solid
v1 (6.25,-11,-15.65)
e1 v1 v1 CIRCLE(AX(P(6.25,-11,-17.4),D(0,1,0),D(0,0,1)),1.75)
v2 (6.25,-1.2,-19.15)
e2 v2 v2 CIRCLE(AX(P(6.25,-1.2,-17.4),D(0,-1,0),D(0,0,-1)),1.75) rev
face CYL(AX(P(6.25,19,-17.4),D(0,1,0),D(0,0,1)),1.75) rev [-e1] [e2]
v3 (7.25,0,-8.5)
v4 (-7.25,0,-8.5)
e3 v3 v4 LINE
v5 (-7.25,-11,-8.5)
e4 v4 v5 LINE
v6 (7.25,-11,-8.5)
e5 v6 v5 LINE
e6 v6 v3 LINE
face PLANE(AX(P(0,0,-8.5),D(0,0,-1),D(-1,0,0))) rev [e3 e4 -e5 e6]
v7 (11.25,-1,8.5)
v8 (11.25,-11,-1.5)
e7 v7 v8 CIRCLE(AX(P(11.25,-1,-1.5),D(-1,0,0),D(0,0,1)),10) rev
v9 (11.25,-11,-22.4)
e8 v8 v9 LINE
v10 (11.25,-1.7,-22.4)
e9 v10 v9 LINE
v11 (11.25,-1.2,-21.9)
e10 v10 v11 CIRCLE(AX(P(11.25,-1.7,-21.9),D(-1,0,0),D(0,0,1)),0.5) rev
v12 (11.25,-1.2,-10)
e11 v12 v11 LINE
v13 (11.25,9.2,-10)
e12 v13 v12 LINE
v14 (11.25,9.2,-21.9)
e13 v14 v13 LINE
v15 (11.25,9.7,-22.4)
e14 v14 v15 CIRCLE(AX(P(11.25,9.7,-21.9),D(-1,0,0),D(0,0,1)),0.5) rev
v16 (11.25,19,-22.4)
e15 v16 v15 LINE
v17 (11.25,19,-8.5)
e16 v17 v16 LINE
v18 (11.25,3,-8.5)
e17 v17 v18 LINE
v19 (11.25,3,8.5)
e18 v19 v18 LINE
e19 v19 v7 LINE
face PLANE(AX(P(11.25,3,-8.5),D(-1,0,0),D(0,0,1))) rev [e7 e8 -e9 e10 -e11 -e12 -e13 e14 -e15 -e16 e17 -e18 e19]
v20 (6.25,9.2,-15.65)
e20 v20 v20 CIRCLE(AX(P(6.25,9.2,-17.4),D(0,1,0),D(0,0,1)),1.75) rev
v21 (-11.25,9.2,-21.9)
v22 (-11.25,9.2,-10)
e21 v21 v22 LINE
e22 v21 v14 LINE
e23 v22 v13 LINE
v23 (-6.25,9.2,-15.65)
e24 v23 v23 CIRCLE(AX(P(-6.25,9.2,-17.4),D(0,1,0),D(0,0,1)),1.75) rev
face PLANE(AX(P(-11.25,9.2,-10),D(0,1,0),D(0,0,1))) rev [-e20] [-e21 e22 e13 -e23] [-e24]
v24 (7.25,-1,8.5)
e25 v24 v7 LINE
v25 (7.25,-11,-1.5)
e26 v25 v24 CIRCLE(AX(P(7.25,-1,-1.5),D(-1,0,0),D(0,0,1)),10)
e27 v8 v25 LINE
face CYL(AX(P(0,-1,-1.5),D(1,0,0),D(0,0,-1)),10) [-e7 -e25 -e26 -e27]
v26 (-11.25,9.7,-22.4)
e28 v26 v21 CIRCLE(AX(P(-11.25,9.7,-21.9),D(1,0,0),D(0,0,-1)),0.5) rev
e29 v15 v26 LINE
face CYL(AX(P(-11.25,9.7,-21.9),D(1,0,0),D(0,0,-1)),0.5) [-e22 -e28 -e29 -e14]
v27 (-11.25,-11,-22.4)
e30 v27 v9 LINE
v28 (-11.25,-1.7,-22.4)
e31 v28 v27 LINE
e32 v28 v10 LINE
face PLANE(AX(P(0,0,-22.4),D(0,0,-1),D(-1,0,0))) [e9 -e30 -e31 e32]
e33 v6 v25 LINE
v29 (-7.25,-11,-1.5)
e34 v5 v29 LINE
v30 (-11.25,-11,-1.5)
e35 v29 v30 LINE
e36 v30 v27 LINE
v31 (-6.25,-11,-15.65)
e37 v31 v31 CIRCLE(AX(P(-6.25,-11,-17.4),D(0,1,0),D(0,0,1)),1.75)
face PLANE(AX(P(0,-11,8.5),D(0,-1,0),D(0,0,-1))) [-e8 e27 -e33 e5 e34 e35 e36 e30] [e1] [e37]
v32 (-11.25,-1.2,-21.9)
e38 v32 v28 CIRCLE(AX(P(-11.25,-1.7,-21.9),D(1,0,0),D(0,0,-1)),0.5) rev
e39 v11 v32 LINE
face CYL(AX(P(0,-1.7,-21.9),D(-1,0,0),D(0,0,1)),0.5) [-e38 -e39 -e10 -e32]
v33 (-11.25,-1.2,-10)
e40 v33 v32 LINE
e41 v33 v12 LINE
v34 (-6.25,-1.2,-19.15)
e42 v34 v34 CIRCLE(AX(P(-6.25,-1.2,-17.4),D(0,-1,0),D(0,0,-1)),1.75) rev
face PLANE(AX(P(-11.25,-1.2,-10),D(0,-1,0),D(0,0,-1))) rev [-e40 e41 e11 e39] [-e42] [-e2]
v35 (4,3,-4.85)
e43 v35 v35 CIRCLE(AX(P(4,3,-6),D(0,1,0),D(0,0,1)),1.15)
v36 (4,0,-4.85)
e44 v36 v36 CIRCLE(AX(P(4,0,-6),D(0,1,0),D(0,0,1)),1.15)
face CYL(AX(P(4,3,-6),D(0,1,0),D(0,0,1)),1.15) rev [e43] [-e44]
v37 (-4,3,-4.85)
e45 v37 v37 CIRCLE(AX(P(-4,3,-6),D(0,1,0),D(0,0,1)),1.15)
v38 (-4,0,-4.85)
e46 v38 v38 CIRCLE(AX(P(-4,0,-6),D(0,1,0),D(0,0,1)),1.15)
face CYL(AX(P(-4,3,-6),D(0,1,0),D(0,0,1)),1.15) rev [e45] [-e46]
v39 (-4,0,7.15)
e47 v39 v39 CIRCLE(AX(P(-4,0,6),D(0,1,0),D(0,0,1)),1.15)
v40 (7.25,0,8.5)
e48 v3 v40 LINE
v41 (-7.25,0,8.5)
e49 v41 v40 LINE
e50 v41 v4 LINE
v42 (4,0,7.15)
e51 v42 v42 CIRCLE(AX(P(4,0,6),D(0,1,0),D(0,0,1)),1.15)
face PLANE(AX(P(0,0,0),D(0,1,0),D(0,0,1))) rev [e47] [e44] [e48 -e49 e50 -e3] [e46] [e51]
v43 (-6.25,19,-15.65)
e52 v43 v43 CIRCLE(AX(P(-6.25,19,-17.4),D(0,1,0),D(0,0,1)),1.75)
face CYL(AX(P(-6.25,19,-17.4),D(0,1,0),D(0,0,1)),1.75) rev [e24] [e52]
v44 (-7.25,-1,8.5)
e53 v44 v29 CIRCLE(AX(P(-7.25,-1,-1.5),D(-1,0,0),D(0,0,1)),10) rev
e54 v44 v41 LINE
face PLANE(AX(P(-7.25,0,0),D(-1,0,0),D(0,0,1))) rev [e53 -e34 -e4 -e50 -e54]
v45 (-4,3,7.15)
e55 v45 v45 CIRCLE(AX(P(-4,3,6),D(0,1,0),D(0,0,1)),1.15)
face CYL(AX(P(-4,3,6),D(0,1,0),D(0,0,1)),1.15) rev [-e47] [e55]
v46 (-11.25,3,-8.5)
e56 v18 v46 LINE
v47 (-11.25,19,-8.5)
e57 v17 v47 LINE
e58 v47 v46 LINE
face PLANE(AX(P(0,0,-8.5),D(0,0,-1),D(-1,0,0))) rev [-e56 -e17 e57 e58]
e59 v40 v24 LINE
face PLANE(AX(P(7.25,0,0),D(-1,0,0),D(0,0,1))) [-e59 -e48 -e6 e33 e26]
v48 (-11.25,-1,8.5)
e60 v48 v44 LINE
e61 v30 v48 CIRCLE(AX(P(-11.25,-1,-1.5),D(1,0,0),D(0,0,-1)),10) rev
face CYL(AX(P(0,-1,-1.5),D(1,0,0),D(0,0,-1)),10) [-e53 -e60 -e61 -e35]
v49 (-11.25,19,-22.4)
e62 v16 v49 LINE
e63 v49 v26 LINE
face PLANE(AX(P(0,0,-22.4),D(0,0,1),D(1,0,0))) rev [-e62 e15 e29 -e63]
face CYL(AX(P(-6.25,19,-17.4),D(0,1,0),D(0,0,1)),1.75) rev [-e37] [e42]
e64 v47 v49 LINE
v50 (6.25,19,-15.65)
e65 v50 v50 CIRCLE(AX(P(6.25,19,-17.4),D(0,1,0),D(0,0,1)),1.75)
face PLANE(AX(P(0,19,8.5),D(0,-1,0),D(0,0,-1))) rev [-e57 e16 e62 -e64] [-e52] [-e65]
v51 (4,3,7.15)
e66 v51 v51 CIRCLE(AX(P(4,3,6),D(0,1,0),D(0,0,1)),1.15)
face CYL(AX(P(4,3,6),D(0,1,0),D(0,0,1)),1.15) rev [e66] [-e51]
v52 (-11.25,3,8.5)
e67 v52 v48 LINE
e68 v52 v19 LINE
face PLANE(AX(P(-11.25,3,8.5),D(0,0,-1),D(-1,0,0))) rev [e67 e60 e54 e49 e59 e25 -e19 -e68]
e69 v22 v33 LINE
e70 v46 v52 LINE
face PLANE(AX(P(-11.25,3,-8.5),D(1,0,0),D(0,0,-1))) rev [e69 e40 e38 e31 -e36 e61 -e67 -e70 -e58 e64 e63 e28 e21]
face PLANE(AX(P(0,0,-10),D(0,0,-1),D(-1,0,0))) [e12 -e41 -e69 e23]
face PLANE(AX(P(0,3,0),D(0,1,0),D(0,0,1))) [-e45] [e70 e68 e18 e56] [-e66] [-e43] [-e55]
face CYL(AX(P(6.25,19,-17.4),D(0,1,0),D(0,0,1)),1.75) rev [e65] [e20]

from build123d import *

# Parameters (mm, degrees)
SKETCH_1_W          = 22.5
SKETCH_1_H          = 17
EXTRUDE_1_DEPTH     = 3
HOLE_WIZARD_1_D     = 2.3
SKETCH_5_W          = 22.5
SKETCH_5_H          = 4
SKETCH_5_H_2        = 3
EXTRUDE_2_DEPTH     = 1.5
SKETCH_8_W          = 22.5
SKETCH_8_H          = 10
EXTRUDE_3_DEPTH     = 1.5
SKETCH_9_W          = 17
SKETCH_9_H          = 14
EXTRUDE_4_DEPTH     = 4
SKETCH_10_W         = 17
SKETCH_10_H         = 14
EXTRUDE_5_DEPTH     = 4
SKETCH_11_W         = 22.5
SKETCH_11_H         = 11
EXTRUDE_6_DEPTH     = 1.5
HOLE_WIZARD_3_D     = 3.3
SKETCH_18_W         = 22.5
SKETCH_18_H         = 10
EXTRUDE_7_DEPTH     = 2.4
SKETCH_21_W         = 22.5
SKETCH_21_H         = 3
EXTRUDE_8_DEPTH     = 2.4
SKETCH_22_W         = 22.5
SKETCH_22_H         = 8
EXTRUDE_9_DEPTH     = 2.4
SKETCH_25_W         = 22.5
SKETCH_25_H         = 8
SKETCH_25_H_2       = 3
CUT_EXTRUDE_1_DEPTH = 36.949582751
SKETCH_26_W         = 22.5
SKETCH_26_H         = 10
EXTRUDE_10_DEPTH    = 10
FILLET_1_R          = 10
HOLE_WIZARD_4_D     = 3.5
SKETCH_30_W         = 12.4
SKETCH_30_H         = 0.2
CUT_EXTRUDE_2_DEPTH = 38.000135135
FILLET_3_R          = 0.5


with BuildPart() as part:
    # 草图1 → 凸台-拉伸1 (new body)
    with BuildSketch(Plane(origin=(0, 0, 0), x_dir=(1, 0, 0), z_dir=(0, 1, 0))):
        Rectangle(SKETCH_1_W, SKETCH_1_H)
    extrude(amount=EXTRUDE_1_DEPTH)

    # 孔1 (through all)
    with Locations(Plane(origin=(0, 3, 0), x_dir=(1, 0, 0), z_dir=(0, 1, 0))):
        with Locations((-4, 6), (4, 6), (-4, -6), (4, -6)):
            Hole(HOLE_WIZARD_1_D / 2)

    # 草图5 → 凸台-拉伸2 (add)
    with BuildSketch(Plane(origin=(0, 0, -8.5), x_dir=(-1, 0, 0), z_dir=(0, 0, -1))):
        with Locations((0, -2)):
            Rectangle(SKETCH_5_W, SKETCH_5_H)
        with Locations((0, 1.5)):
            Rectangle(SKETCH_5_W, SKETCH_5_H_2)
        with Locations((0, 4.5)):
            Rectangle(SKETCH_5_W, SKETCH_5_H_2)
    extrude(amount=EXTRUDE_2_DEPTH)

    # 草图8 → 凸台-拉伸3 (add)
    with BuildSketch(Plane(origin=(0, 0, -10), x_dir=(-1, 0, 0), z_dir=(0, 0, -1))):
        with Locations((0, -9)):
            Rectangle(SKETCH_8_W, SKETCH_8_H)
        with Locations((0, 11)):
            Rectangle(SKETCH_8_W, SKETCH_8_H)
    extrude(amount=-EXTRUDE_3_DEPTH)

    # 草图9 → 凸台-拉伸4 (add)
    with BuildSketch(Plane.ZY.offset(11.25)):
        with Locations((0, -7)):
            Rectangle(SKETCH_9_W, SKETCH_9_H)
    extrude(amount=-EXTRUDE_4_DEPTH)

    # 草图10 → 凸台-拉伸5 (add)
    with BuildSketch(Plane(origin=(11.25, 0, 0), x_dir=(0, 0, -1), z_dir=(1, 0, 0))):
        with Locations((0, -7)):
            Rectangle(SKETCH_10_W, SKETCH_10_H)
    extrude(amount=-EXTRUDE_5_DEPTH)

    # 草图11 → 凸台-拉伸6 (add)
    with BuildSketch(Plane(origin=(0, 0, -10), x_dir=(-1, 0, 0), z_dir=(0, 0, -1))):
        with Locations((0, 21.5)):
            Rectangle(SKETCH_11_W, SKETCH_11_H)
    extrude(amount=-EXTRUDE_6_DEPTH)

    # 孔3 (through all)
    with Locations(Plane(origin=(0, 0, -10), x_dir=(-1, 0, 0), z_dir=(0, 0, -1))):
        with Locations((-7.25, 22), (7.25, 22)):
            Hole(HOLE_WIZARD_3_D / 2)

    # 草图18 → 凸台-拉伸7 (add)
    with BuildSketch(Plane(origin=(0, 0, -10), x_dir=(-1, 0, 0), z_dir=(0, 0, -1))):
        with Locations((0, -9)):
            Rectangle(SKETCH_18_W, SKETCH_18_H)
        with Locations((0, 22)):
            Rectangle(SKETCH_18_W, SKETCH_18_H)
    extrude(amount=EXTRUDE_7_DEPTH)

    # 草图21 → 凸台-拉伸8 (add)
    with BuildSketch(Plane(origin=(0, 0, -10), x_dir=(-1, 0, 0), z_dir=(0, 0, -1))):
        with Locations((0, -2.5)):
            Rectangle(SKETCH_21_W, SKETCH_21_H)
    extrude(amount=EXTRUDE_8_DEPTH)

    # 草图22 → 凸台-拉伸9 (add)
    with BuildSketch(Plane(origin=(0, 0, -10), x_dir=(-1, 0, 0), z_dir=(0, 0, -1))):
        with Locations((0, 13)):
            Rectangle(SKETCH_22_W, SKETCH_22_H)
    extrude(amount=EXTRUDE_9_DEPTH)

    # 草图25 → 切除-拉伸1 (cut, through all)
    with BuildSketch(Plane(origin=(0, 0, -12.4), x_dir=(-1, 0, 0), z_dir=(0, 0, -1))):
        with Locations((0, 23)):
            Rectangle(SKETCH_25_W, SKETCH_25_H)
        with Locations((0, -12.5)):
            Rectangle(SKETCH_25_W, SKETCH_25_H_2)
    extrude(amount=-CUT_EXTRUDE_1_DEPTH, mode=Mode.SUBTRACT)

    # 草图26 → 凸台-拉伸10 (add)
    with BuildSketch(Plane(origin=(0, 0, -12.4), x_dir=(-1, 0, 0), z_dir=(0, 0, -1))):
        with Locations((0, 14)):
            Rectangle(SKETCH_26_W, SKETCH_26_H)
        with Locations((0, -6)):
            Rectangle(SKETCH_26_W, SKETCH_26_H)
    extrude(amount=EXTRUDE_10_DEPTH)

    # 圆角1
    fillet_1_edges = [part.edges().sort_by_distance(p)[0] for p in [
        (-9.25, -11, 8.5),
        (9.25, -11, 8.5),
    ]]
    fillet(fillet_1_edges, radius=FILLET_1_R)

    # 孔4 (through all)
    with Locations(Plane(origin=(0, 19, 0), x_dir=(1, 0, 0), z_dir=(0, 1, 0))):
        with Locations((-6.25, 17.4), (6.25, 17.4)):
            Hole(HOLE_WIZARD_4_D / 2)

    # 草图30 → 切除-拉伸2 (cut, through all)
    with BuildSketch(Plane(origin=(11.25, 0, 0), x_dir=(0, 0, -1), z_dir=(1, 0, 0))):
        with Locations((16.2, 9.1)):
            Rectangle(SKETCH_30_W, SKETCH_30_H)
        with Locations((16.2, -1.1)):
            Rectangle(SKETCH_30_W, SKETCH_30_H)
    extrude(amount=-CUT_EXTRUDE_2_DEPTH, mode=Mode.SUBTRACT)

    # 圆角3
    fillet_3_edges = [part.edges().sort_by_distance(p)[0] for p in [
        (0, 9.2, -22.4),
        (0, -1.2, -22.4),
    ]]
    fillet(fillet_3_edges, radius=FILLET_3_R)


solid = part.part
